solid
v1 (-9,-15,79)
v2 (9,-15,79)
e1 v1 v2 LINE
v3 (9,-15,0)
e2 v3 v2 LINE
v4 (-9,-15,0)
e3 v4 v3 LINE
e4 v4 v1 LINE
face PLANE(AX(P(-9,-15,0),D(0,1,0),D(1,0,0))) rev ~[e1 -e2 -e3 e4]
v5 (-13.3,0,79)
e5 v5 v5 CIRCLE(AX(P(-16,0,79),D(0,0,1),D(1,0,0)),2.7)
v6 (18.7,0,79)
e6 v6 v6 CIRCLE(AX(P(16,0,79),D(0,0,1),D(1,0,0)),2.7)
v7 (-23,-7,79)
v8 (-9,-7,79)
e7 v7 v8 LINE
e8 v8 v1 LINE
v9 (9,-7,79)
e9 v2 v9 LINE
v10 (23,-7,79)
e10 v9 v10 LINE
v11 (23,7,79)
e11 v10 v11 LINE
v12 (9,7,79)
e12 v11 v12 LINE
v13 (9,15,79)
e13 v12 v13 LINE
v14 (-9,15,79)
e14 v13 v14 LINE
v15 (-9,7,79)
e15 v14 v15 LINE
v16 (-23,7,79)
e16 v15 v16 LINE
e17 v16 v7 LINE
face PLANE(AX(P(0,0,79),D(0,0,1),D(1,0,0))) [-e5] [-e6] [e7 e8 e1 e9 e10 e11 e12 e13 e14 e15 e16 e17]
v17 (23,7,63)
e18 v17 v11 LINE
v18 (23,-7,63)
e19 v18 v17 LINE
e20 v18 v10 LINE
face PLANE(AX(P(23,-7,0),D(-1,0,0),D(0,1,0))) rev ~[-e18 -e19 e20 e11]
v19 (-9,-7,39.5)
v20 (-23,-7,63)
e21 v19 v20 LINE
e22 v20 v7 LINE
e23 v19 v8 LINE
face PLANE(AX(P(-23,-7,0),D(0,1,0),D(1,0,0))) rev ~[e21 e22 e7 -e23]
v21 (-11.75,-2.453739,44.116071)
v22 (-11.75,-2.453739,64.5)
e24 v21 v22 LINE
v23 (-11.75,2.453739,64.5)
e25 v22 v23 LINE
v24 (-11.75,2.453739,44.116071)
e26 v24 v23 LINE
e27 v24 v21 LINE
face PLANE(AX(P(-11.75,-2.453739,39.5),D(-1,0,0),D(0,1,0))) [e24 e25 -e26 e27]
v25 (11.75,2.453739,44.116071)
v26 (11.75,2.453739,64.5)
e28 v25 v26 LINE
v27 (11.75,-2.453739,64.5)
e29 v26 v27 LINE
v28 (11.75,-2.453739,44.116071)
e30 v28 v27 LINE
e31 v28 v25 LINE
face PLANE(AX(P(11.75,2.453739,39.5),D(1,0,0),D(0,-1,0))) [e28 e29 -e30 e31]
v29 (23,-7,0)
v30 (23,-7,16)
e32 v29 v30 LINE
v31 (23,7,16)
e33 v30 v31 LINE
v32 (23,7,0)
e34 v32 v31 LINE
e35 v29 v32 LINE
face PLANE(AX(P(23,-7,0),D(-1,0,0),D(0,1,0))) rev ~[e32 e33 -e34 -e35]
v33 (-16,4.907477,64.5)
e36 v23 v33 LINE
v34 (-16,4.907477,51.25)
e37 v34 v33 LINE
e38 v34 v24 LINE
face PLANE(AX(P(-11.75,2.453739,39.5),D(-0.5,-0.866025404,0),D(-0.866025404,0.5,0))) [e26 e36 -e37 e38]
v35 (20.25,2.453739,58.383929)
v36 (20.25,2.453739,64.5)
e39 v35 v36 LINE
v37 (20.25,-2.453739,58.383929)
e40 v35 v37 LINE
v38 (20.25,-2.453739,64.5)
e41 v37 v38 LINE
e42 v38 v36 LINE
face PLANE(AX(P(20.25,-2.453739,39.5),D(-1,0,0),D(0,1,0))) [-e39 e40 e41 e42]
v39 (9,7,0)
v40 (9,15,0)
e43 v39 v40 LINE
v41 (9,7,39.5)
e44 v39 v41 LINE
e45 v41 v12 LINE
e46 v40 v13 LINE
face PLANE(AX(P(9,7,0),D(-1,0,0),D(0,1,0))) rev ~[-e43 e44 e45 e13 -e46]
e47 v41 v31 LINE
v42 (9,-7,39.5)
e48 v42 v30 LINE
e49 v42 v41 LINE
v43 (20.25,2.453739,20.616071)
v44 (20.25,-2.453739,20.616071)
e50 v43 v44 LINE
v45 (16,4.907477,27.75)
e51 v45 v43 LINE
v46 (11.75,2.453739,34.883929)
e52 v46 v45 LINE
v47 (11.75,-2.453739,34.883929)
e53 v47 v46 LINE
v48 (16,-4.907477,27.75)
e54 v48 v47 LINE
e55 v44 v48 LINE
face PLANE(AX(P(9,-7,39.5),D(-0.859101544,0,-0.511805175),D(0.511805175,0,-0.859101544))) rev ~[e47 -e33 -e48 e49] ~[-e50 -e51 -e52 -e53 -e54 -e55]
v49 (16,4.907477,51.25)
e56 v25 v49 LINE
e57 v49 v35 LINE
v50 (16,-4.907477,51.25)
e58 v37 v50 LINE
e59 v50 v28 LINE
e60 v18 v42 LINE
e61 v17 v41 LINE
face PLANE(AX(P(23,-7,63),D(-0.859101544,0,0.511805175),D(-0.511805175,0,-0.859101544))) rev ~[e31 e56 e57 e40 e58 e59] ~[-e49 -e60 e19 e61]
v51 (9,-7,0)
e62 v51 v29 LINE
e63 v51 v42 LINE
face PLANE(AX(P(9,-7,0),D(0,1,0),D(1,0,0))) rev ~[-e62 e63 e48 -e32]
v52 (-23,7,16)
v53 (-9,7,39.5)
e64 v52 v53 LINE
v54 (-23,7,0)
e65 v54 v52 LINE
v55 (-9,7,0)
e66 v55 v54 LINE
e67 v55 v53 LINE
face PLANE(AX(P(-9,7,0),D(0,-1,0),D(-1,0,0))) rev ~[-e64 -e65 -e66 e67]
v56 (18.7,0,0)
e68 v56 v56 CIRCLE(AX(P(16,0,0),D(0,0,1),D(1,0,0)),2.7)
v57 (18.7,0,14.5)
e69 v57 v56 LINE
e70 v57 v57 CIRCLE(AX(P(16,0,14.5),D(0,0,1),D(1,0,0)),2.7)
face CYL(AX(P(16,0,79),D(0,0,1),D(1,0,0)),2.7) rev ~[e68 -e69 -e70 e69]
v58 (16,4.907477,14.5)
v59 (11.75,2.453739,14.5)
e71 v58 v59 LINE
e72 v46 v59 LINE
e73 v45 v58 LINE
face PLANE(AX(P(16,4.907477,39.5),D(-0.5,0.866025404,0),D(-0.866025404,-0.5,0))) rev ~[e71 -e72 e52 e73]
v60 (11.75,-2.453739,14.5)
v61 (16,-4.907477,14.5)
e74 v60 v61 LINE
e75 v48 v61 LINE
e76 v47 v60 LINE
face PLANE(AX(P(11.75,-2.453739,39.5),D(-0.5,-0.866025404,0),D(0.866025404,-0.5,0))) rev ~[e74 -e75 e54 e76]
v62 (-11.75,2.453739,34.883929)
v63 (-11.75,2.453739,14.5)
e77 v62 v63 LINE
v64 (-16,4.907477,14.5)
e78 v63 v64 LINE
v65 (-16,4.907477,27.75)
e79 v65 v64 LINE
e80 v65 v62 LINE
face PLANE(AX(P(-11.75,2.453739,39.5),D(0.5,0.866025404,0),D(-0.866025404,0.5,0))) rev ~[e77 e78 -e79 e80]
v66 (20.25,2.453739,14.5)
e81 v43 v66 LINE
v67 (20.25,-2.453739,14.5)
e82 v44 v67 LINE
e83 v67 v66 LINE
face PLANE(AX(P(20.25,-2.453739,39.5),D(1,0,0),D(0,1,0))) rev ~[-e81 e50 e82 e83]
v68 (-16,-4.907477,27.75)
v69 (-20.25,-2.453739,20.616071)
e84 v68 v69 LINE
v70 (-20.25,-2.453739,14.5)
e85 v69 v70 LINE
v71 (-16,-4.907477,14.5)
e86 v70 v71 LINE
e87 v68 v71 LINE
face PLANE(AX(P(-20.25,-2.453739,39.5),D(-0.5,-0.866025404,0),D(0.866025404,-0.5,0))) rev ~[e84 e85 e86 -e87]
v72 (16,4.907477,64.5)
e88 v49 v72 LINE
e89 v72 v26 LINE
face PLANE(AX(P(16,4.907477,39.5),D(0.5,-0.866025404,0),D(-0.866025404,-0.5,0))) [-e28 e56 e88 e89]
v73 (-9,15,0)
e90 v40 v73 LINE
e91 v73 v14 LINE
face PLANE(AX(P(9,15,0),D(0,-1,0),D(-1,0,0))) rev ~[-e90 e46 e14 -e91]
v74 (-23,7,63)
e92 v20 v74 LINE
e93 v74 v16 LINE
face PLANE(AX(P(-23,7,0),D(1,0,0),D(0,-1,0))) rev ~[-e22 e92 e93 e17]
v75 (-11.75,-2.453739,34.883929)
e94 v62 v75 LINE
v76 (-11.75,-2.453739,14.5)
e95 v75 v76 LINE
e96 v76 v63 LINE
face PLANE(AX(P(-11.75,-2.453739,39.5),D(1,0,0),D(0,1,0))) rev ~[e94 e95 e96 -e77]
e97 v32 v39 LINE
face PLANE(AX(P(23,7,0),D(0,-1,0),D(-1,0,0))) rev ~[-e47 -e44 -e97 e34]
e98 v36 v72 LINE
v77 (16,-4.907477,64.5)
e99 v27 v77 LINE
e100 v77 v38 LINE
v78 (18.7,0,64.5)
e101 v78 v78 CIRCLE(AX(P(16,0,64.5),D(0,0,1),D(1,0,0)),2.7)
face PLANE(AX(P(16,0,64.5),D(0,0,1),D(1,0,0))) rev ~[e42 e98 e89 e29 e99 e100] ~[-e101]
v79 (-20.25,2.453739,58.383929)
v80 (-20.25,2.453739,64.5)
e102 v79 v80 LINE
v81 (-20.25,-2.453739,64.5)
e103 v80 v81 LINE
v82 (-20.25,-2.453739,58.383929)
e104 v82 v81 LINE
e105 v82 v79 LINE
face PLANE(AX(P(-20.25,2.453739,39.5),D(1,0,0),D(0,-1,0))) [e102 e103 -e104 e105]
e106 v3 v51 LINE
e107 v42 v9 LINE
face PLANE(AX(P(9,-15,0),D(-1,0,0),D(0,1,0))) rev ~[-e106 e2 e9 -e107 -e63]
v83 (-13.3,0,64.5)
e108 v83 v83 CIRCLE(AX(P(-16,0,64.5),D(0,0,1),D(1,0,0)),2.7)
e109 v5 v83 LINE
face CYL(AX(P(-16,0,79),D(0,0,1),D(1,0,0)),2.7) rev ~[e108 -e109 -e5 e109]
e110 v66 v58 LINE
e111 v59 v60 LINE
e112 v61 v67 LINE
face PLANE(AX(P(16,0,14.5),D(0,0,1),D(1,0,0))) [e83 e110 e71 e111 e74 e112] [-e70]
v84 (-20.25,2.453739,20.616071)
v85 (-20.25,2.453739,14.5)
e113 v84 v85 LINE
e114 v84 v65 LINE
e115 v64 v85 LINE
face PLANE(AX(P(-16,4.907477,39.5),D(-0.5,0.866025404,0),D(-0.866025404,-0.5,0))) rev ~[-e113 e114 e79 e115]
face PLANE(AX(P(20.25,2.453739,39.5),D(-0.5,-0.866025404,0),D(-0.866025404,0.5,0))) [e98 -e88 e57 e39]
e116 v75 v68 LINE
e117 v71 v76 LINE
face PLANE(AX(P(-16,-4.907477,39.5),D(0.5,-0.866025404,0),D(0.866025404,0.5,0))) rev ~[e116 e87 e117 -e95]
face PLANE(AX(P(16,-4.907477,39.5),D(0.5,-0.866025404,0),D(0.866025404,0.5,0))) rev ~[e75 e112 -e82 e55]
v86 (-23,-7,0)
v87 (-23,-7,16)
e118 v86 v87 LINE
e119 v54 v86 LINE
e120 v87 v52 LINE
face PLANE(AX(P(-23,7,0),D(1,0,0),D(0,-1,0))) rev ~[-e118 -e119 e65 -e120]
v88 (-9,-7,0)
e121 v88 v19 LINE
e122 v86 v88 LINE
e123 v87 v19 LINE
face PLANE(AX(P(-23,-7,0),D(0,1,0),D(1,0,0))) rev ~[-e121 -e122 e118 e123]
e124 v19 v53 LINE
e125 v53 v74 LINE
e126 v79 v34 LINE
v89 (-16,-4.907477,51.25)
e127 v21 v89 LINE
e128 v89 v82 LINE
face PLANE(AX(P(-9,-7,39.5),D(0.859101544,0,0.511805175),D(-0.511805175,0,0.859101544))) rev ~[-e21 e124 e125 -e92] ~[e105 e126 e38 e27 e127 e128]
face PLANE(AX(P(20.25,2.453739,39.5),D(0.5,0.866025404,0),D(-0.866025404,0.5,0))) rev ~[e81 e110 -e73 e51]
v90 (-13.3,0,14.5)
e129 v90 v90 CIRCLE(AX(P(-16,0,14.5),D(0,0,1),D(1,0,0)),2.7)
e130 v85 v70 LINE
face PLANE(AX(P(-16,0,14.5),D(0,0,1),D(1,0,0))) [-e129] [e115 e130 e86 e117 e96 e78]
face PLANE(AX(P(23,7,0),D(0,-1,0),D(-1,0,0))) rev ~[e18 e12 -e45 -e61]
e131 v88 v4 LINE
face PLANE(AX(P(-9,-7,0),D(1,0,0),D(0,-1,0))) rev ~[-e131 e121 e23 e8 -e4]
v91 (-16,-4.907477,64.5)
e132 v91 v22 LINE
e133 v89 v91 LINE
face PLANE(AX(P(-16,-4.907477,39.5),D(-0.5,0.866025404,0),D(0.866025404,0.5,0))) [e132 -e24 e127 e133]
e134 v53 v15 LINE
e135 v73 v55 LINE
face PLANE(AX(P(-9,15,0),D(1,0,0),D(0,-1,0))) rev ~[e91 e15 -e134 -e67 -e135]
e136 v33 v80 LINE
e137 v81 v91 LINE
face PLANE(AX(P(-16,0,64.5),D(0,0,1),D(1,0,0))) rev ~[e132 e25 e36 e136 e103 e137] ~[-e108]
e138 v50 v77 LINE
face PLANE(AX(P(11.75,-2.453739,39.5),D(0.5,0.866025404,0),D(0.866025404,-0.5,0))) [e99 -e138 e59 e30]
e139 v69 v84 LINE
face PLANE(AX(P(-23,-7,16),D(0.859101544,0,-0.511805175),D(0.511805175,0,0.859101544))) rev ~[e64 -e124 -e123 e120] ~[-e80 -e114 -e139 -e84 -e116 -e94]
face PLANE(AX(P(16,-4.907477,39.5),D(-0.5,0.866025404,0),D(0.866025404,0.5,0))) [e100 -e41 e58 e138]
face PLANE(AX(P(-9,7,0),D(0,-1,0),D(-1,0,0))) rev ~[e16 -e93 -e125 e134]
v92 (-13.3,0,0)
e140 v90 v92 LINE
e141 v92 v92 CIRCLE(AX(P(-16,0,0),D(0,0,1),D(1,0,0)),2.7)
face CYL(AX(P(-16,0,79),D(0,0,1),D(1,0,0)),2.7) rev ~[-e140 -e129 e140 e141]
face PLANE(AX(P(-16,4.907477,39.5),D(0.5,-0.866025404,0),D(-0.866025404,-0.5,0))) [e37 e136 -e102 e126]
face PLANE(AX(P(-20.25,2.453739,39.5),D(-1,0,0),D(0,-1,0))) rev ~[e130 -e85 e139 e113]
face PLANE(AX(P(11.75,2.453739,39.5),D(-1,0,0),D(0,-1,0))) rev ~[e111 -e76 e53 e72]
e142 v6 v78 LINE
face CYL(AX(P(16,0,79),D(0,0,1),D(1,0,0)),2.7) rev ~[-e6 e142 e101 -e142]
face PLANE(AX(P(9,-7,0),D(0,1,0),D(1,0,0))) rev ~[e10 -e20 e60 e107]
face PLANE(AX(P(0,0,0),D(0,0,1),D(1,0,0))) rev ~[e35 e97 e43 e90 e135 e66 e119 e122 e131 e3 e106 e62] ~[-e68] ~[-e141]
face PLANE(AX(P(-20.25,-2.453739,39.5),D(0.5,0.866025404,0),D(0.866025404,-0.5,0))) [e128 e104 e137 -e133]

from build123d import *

# Parameters (mm, degrees)
F1_DEPTH      = 79
F3_DEPTH      = 14
F4_R          = 2.7
F5_DEPTH      = 79
F8_DEPTH      = 25
F8_DEPTH_BACK = 25


with BuildPart() as f1:
    # F0 (on Top) → F1 (new body)
    with BuildSketch(Plane.XY):
        Polygon((-9, 7), (-23, 7), (-23, -7), (-9, -7), (-9, -15), (9, -15), (9, -7), (23, -7), (23, 7), (9, 7), (9, 15), (-9, 15), align=None)
    extrude(amount=F1_DEPTH)

    # F2 (on face) → F3 (cut, through all)
    with BuildSketch(Plane.XZ.offset(7)):
        Polygon((-9, 39.5), (-23, 63), (-23, 16), align=None)
        Polygon((23, 63), (9, 39.5), (23, 16), align=None)
    extrude(amount=-F3_DEPTH, mode=Mode.SUBTRACT)

    # F4 (on face) → F5 (cut)
    with BuildSketch(Plane.XY.offset(79)):
        with Locations((-16, 0)):
            Circle(F4_R)
        with Locations((16, 0)):
            Circle(F4_R)
    extrude(amount=-F5_DEPTH, mode=Mode.SUBTRACT)

    # F7 (on offset) → F8 (cut, two sides)
    with BuildSketch(Plane.XY.offset(39.5)) as f8_sk:
        Polygon((-16, 4.9074772881), (-20.25, 2.4537386441), (-20.25, -2.4537386441), (-16, -4.9074772881), (-11.75, -2.4537386441), (-11.75, 2.4537386441), align=None)
        Polygon((20.25, -2.4537386441), (20.25, 2.4537386441), (16, 4.9074772881), (11.75, 2.4537386441), (11.75, -2.4537386441), (16, -4.9074772881), align=None)
    extrude(amount=-F8_DEPTH, mode=Mode.SUBTRACT)
    extrude(f8_sk.sketch, amount=F8_DEPTH_BACK, mode=Mode.SUBTRACT)


solid = f1.part
